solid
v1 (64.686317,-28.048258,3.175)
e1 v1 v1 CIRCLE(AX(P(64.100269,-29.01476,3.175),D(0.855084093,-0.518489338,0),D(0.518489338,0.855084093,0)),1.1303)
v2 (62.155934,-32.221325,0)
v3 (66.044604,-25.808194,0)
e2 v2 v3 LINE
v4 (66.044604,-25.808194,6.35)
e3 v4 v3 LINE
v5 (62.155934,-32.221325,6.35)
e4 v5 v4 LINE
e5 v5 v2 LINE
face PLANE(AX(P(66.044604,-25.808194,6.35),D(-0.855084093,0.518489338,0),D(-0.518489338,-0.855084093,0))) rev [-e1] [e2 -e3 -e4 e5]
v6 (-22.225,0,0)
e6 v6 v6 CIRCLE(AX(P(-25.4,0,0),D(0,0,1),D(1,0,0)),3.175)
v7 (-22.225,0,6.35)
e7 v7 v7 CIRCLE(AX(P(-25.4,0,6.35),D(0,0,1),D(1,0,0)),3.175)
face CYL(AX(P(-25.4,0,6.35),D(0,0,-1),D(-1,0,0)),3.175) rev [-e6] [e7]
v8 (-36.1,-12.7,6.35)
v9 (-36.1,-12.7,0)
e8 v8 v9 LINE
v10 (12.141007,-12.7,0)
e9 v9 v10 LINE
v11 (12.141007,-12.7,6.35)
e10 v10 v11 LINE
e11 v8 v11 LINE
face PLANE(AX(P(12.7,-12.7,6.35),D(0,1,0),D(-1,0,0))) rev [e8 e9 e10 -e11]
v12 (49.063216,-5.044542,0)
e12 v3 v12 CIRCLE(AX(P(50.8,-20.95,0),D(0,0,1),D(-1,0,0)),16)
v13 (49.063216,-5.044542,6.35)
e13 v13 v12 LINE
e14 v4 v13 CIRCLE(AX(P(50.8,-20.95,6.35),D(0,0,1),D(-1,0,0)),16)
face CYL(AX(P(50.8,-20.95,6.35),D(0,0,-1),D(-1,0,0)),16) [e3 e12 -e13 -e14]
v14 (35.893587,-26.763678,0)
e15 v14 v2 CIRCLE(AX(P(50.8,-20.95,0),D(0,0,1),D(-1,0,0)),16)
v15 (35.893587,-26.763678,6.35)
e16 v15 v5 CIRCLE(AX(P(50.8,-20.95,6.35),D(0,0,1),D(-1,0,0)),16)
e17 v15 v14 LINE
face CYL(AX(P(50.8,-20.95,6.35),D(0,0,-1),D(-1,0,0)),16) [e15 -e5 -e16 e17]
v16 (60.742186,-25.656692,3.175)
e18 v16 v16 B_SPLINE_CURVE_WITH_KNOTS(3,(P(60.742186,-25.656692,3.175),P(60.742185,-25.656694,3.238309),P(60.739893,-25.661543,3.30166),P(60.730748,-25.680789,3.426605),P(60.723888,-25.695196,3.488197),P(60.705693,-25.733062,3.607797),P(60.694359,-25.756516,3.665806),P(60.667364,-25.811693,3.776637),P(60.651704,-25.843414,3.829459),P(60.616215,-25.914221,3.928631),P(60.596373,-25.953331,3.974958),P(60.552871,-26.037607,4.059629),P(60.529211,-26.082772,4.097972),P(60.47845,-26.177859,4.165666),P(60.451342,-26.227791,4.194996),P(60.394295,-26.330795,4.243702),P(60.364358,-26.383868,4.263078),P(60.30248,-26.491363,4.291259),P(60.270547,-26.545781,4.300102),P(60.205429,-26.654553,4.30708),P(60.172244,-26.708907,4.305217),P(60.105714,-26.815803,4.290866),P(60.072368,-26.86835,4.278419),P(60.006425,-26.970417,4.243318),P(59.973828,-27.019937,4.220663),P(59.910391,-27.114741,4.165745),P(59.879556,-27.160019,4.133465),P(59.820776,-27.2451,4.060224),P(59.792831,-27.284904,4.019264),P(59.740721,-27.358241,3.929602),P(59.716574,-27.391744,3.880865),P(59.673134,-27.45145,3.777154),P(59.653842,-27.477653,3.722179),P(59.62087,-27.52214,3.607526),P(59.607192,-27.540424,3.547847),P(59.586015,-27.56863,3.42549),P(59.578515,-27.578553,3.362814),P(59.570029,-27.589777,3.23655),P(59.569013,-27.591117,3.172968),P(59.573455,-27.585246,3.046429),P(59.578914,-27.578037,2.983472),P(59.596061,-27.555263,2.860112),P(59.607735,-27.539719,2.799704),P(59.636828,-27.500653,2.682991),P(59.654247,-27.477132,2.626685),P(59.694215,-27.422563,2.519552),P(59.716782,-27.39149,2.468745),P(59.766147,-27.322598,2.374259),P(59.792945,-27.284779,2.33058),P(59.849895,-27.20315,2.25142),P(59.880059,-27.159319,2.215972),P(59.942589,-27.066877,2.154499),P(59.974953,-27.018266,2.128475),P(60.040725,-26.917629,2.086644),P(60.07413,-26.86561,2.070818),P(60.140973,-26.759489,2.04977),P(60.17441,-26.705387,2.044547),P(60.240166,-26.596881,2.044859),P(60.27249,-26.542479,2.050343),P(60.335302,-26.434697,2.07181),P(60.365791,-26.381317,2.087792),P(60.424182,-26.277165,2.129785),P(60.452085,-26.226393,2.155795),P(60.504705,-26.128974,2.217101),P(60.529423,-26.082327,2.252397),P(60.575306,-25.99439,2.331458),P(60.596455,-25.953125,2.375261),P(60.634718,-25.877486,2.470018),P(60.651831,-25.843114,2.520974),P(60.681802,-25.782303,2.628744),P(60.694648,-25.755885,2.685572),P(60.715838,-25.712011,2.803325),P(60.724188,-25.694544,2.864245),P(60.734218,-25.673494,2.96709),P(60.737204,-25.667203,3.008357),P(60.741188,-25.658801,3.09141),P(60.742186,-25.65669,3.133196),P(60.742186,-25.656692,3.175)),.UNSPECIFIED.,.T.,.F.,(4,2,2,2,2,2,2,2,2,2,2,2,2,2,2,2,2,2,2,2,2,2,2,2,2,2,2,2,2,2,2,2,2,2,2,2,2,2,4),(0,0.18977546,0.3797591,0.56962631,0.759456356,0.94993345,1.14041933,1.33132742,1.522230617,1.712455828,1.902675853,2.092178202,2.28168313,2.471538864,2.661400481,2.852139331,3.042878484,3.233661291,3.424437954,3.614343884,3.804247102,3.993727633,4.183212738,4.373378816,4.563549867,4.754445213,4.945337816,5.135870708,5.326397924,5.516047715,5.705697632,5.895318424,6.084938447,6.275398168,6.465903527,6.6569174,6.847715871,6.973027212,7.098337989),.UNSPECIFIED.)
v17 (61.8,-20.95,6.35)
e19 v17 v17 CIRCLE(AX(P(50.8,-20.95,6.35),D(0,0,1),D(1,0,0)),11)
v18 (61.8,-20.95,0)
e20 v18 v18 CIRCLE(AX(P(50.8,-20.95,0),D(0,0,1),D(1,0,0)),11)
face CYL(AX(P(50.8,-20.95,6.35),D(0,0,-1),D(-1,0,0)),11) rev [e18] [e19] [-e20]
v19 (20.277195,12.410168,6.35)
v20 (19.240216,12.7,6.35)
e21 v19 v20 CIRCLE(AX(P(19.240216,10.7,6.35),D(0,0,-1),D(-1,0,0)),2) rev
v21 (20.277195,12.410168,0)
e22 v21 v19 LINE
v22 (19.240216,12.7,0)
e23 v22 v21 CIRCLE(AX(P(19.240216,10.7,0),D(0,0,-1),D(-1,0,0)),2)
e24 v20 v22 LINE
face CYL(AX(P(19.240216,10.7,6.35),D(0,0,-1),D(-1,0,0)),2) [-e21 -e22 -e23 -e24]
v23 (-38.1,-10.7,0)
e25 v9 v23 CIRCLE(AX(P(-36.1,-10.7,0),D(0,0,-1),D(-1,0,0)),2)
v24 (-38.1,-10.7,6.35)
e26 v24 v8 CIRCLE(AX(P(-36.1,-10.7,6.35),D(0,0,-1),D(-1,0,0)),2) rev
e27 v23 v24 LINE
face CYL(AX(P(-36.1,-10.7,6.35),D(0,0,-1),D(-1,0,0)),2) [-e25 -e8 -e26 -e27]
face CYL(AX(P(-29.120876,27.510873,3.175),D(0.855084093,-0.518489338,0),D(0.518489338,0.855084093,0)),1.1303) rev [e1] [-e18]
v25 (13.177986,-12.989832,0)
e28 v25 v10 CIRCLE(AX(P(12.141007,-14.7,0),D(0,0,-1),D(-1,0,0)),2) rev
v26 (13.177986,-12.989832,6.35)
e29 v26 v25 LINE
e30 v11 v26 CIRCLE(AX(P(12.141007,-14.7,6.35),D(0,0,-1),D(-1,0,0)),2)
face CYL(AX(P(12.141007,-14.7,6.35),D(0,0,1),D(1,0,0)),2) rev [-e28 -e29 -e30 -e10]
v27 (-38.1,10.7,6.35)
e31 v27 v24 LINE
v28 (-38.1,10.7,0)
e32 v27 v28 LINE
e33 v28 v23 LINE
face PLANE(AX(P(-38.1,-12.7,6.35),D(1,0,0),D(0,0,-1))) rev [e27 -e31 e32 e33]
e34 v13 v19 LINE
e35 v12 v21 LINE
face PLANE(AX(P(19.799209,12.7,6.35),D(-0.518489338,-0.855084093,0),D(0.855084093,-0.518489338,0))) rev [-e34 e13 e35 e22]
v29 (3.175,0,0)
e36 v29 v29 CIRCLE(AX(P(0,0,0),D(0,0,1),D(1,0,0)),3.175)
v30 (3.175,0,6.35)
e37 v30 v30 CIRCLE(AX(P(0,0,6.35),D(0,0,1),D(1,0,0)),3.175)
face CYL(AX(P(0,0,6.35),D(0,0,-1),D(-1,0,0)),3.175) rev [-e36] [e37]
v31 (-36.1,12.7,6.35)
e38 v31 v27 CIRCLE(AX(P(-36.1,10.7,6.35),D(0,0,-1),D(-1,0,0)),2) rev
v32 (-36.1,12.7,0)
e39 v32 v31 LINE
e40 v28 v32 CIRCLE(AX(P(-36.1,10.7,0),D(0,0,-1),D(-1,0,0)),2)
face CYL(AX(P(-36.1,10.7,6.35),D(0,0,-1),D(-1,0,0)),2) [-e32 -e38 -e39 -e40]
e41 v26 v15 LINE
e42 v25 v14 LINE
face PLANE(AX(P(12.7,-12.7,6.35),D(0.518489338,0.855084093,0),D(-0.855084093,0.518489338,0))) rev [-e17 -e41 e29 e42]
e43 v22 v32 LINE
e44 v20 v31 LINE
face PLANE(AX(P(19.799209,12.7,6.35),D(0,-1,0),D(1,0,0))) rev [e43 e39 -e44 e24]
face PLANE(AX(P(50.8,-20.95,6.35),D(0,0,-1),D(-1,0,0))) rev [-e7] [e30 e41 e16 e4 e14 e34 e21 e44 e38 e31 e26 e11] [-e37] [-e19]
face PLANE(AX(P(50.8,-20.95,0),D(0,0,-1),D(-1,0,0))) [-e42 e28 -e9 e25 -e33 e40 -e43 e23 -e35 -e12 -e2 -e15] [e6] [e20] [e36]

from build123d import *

# Parameters (mm, degrees)
SKETCH1_R               = 3.175
SKETCH1_R_2             = 11
BOSS_EXTRUDE1_DEPTH     = 6.35
FILLET3_R               = 2
CUT_EXTRUDE1_REACH      = 111.565
CUT_EXTRUDE1_END_RADIUS = 11
SKETCH2_R               = 1.1303


with BuildPart() as part:
    # Sketch1 → Boss-Extrude1 (new body)
    with BuildSketch(Plane.XY):
        with BuildLine():
            Line((-38.1, -12.7), (-38.1, 12.7))
            Line((-38.1, 12.7), (19.799208724, 12.7))
            Line((19.799208724, 12.7), (49.063216326, -5.044542368))
            ThreePointArc((49.063216326, -5.044542368), (63.185378941, -10.82071629), (66.044603929, -25.808194216))
            Line((66.044603929, -25.808194216), (62.155933896, -32.221324916))
            ThreePointArc((62.155933896, -32.221324916), (47.544550454, -36.615313538), (35.893587146, -26.763678338))
            Line((35.893587146, -26.763678338), (12.7, -12.7))
            Line((12.7, -12.7), (-38.1, -12.7))
        make_face()
        with Locations((-25.4, 0)):
            Circle(SKETCH1_R, mode=Mode.SUBTRACT)
        Circle(SKETCH1_R, mode=Mode.SUBTRACT)
        with Locations((50.8, -20.95)):
            Circle(SKETCH1_R_2, mode=Mode.SUBTRACT)
    extrude(amount=BOSS_EXTRUDE1_DEPTH)

    # Fillet3
    fillet3_edges = [part.edges().sort_by_distance(p)[0] for p in [
        (-38.1, -12.7, 3.175),
        (-38.1, 12.7, 3.175),
        (19.799208724, 12.7, 3.175),
        (12.7, -12.7, 3.175),
    ]]
    fillet(fillet3_edges, radius=FILLET3_R)

    # Cut-Extrude1: up to this cylinder (the profile starts outside it)
    cut_extrude1_end = Plane(origin=(50.8, -20.95, 3.175), z_dir=(0, 0, -1)) * Cylinder(CUT_EXTRUDE1_END_RADIUS, 246.13, mode=Mode.PRIVATE)
    # Sketch2 → Cut-Extrude1 (cut, up to the surface)
    with BuildSketch(Plane(origin=(59.73186838, -36.21905392, 0), x_dir=(0, 0, -1), z_dir=(0.855084093292463, -0.5184893377864259, 0)), mode=Mode.PRIVATE) as cut_extrude1_sk1:
        with Locations(Location((-3.175, 8.425246605, 0), (0, 0, 90))):
            Circle(SKETCH2_R)
    cut_extrude1_tool1 = extrude(cut_extrude1_sk1.sketch, amount=-CUT_EXTRUDE1_REACH, mode=Mode.PRIVATE) - cut_extrude1_end
    add(cut_extrude1_tool1.solids().sort_by_distance((64.100269, -29.01476, 3.175))[0], mode=Mode.SUBTRACT)


solid = part.part
